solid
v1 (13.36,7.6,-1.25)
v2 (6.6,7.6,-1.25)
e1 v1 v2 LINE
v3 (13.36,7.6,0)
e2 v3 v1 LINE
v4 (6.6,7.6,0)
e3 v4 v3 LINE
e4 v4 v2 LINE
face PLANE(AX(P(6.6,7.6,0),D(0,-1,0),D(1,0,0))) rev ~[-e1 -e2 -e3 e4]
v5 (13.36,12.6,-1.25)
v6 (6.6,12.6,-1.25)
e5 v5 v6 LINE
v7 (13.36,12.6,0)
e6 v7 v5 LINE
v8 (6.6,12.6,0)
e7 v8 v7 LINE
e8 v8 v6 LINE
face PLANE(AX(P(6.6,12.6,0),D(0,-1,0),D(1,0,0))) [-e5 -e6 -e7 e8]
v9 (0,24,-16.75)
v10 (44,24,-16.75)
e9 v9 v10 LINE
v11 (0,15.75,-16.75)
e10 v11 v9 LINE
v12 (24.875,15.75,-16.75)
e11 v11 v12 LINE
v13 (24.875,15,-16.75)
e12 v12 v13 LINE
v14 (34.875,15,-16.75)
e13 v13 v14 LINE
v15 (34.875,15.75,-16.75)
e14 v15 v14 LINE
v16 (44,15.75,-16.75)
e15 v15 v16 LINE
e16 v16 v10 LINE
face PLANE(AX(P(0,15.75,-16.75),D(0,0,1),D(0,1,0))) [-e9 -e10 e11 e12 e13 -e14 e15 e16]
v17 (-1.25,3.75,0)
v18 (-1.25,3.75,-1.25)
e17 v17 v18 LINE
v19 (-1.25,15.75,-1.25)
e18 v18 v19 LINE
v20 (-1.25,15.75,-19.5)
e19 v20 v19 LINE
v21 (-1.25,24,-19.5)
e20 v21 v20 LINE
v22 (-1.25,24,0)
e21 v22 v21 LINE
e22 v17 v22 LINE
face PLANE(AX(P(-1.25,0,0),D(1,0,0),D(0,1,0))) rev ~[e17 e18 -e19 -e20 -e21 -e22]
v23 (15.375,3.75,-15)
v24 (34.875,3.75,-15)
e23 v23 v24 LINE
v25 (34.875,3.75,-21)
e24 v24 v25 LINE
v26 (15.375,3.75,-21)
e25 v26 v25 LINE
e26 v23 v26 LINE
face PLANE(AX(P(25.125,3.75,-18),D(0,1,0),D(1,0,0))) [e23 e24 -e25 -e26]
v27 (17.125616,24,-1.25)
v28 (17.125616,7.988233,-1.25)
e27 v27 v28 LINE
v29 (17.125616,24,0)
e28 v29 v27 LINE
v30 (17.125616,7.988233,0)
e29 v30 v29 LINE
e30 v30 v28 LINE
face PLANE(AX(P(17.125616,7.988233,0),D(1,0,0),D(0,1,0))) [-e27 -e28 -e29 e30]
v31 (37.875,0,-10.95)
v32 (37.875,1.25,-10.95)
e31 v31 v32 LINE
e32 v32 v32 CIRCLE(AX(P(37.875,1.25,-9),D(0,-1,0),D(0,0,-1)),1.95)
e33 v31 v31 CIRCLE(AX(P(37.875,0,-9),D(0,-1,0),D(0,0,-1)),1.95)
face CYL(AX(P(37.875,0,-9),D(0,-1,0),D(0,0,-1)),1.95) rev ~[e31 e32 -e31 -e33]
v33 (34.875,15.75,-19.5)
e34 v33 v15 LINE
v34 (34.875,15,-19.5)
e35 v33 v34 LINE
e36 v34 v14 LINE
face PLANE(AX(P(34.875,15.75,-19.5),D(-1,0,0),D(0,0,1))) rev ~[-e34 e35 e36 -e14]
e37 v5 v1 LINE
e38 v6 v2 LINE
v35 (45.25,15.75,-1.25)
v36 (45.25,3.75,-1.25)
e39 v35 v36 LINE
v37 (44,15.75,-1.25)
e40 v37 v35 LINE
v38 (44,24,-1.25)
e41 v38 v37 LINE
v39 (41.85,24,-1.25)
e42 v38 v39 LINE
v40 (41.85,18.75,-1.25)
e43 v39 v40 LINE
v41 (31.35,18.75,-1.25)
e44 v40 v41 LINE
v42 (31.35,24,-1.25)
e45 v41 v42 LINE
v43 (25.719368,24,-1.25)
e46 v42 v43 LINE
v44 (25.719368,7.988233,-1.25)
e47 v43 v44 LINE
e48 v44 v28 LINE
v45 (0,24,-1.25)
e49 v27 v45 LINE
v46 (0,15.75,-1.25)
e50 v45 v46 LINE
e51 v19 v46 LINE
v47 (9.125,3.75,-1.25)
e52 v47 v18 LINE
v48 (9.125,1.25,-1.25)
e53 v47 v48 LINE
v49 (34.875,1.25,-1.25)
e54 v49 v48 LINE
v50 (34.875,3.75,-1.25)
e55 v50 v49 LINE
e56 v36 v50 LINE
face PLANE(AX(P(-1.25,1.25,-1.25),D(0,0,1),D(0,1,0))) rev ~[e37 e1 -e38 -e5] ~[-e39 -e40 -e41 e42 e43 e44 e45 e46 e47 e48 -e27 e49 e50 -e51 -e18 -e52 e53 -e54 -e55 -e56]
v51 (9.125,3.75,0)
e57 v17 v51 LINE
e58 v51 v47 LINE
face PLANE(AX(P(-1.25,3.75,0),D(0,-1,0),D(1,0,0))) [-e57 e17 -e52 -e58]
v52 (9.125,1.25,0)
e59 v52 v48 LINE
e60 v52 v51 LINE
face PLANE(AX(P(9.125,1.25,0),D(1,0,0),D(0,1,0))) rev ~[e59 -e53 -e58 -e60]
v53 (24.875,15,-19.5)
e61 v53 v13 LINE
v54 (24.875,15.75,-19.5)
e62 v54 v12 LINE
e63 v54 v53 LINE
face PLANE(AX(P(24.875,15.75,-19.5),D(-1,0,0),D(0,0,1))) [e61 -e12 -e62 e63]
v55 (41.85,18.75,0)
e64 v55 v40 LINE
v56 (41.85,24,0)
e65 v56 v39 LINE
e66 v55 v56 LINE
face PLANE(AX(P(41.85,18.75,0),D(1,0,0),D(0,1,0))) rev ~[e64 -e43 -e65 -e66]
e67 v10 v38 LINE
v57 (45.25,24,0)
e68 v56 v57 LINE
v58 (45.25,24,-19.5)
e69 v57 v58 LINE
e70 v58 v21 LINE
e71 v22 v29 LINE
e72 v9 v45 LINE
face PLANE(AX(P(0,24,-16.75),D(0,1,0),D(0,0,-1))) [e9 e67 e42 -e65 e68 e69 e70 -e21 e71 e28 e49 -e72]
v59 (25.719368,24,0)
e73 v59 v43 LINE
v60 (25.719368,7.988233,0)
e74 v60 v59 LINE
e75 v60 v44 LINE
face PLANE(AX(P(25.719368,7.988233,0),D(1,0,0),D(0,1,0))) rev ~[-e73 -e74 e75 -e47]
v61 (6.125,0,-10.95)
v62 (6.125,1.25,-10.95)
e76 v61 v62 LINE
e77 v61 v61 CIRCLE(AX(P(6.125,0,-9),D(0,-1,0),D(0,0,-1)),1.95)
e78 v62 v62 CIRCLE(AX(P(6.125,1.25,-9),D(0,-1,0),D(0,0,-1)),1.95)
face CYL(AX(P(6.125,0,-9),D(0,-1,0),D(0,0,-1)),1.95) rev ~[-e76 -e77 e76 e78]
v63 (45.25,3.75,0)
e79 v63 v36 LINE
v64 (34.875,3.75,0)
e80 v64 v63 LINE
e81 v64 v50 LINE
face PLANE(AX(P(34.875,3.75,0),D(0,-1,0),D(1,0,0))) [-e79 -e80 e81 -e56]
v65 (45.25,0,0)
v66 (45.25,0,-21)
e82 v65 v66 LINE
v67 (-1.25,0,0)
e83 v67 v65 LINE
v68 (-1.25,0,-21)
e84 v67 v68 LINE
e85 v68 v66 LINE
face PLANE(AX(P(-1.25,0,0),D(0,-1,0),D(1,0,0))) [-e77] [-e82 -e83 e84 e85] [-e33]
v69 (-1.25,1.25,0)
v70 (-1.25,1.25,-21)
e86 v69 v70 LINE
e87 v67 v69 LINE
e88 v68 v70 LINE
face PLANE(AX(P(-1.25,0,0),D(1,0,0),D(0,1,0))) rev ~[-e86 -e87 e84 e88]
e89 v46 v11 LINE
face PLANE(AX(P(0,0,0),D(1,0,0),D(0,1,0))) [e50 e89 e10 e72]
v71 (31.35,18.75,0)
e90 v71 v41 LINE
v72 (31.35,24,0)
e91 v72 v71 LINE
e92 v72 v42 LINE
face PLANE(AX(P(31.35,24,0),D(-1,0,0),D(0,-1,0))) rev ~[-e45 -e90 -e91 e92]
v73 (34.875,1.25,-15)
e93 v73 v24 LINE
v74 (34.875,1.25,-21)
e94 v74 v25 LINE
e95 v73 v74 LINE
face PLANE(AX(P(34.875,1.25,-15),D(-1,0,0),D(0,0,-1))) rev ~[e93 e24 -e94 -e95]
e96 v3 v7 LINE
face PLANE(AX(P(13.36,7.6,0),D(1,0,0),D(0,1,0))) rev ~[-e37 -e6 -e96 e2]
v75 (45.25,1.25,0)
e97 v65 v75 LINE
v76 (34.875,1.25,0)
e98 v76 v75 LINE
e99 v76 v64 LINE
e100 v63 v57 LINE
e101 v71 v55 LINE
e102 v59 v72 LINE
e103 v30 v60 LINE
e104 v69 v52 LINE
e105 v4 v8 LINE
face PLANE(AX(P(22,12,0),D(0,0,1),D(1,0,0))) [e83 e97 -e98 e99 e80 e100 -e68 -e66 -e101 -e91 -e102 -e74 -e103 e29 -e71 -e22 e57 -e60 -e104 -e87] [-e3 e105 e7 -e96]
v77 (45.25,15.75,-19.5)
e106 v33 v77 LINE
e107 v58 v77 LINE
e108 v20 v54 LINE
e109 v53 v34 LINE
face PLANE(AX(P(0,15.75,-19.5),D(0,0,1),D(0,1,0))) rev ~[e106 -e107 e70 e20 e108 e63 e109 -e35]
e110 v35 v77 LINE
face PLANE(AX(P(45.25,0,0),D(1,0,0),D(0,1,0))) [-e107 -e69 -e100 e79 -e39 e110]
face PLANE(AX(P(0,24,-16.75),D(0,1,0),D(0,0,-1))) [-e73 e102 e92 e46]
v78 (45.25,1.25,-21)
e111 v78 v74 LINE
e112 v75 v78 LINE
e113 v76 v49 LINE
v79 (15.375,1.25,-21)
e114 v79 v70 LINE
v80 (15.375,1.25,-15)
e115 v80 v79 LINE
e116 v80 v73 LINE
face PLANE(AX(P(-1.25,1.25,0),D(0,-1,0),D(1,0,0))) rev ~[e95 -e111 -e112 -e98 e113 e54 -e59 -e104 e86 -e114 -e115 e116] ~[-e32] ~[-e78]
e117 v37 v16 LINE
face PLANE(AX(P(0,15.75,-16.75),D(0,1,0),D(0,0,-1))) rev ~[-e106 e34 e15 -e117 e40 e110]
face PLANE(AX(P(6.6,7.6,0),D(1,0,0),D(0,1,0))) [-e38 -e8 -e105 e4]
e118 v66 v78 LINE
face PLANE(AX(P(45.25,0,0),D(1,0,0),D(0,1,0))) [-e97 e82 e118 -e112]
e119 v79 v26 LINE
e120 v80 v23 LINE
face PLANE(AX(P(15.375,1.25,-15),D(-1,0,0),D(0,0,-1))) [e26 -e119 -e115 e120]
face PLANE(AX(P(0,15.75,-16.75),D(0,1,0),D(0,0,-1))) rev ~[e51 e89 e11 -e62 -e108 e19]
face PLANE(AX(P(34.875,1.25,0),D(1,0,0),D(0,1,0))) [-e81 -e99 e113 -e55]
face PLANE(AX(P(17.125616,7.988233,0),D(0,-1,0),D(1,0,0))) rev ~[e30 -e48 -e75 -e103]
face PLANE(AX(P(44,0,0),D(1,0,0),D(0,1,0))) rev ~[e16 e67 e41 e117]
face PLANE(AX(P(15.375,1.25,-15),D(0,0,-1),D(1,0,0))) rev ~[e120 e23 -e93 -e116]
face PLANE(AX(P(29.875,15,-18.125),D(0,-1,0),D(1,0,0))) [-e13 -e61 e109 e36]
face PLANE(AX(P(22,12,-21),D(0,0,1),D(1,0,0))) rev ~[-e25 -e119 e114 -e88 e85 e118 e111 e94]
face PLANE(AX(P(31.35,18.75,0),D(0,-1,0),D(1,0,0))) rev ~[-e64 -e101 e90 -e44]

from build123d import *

# Parameters (mm, degrees)
SKETCH1_W               = 46.5
SKETCH1_H               = 24
BOSS_EXTRUDE1_DEPTH     = 21
SHELL1_T                = -1.25
SKETCH2_W               = 19.75
SKETCH2_H               = 14.5
CUT_EXTRUDE1_DEPTH      = 57.384838388
CUT_EXTRUDE4_REACH      = 57.358
SKETCH6_R               = 1.95
CUT_EXTRUDE5_REACH      = 57.358
SKETCH7_W               = 10.375
SKETCH7_H               = 2.5
SKETCH9_W               = 19.5
SKETCH9_H               = 6
BOSS_EXTRUDE3_DEPTH     = 2.5
CUT_EXTRUDE7_DEPTH      = 102.634838388
CUT_EXTRUDE7_DEPTH_BACK = 57.384838388
CUT_EXTRUDE7_START      = -45.25
SKETCH12_W              = 1.5
SKETCH12_H              = 8.25
SKETCH13_W              = 2.75
SKETCH13_H              = 8.25
BOSS_EXTRUDE4_DEPTH     = 44
SKETCH15_W              = 10
SKETCH15_H              = 2.75
BOSS_EXTRUDE5_DEPTH     = 0.75
CUT_EXTRUDE8_REACH      = 57.358
SKETCH18_W              = 6.76
SKETCH18_H              = 5
CUT_EXTRUDE9_REACH      = 57.358
SKETCH22_W              = 8.593751287
SKETCH22_H              = 16.011767213
CUT_EXTRUDE15_REACH     = 57.358
SKETCH25_W              = 10
SKETCH25_H              = 4.5


with BuildPart() as part:
    # Sketch1 → Boss-Extrude1 (new body)
    with BuildSketch(Plane.XY):
        with Locations((22, 12)):
            Rectangle(SKETCH1_W, SKETCH1_H)
    extrude(amount=-BOSS_EXTRUDE1_DEPTH)

    # Shell1
    shell1_openings = [part.faces().sort_by_distance(p)[0] for p in [
        (22, 12, -21),
        (22, 24, -10.5),
    ]]
    offset(amount=SHELL1_T, openings=shell1_openings, kind=Kind.INTERSECTION)

    # Sketch2 → Cut-Extrude1 (cut, through all)
    with BuildSketch(Plane.ZY.offset(1.25)):
        with Locations((-11.125, 8.5)):
            Rectangle(SKETCH2_W, SKETCH2_H)
    extrude(amount=-CUT_EXTRUDE1_DEPTH, mode=Mode.SUBTRACT)

    # Sketch6 → Cut-Extrude4 (cut, up to next)
    with BuildSketch(Plane(origin=(0, 0, 0), x_dir=(-1, 0, 0), z_dir=(0, -1, 0)), mode=Mode.PRIVATE) as cut_extrude4_sk1:
        with Locations(Location((-6.125, 9, 0), (0, 0, 90))):
            Circle(SKETCH6_R)
    cut_extrude4_tool1 = extrude(cut_extrude4_sk1.sketch, amount=-CUT_EXTRUDE4_REACH, mode=Mode.PRIVATE) & part.part
    # Sketch6 → Cut-Extrude4 (cut, up to next)
    with BuildSketch(Plane(origin=(0, 0, 0), x_dir=(-1, 0, 0), z_dir=(0, -1, 0)), mode=Mode.PRIVATE) as cut_extrude4_sk2:
        with Locations(Location((-37.875, 9, 0), (0, 0, 90))):
            Circle(SKETCH6_R)
    cut_extrude4_tool2 = extrude(cut_extrude4_sk2.sketch, amount=-CUT_EXTRUDE4_REACH, mode=Mode.PRIVATE) & part.part
    add(cut_extrude4_tool1.solids().sort_by_distance((6.125, 0, -9))[0], mode=Mode.SUBTRACT)
    add(cut_extrude4_tool2.solids().sort_by_distance((37.875, 0, -9))[0], mode=Mode.SUBTRACT)

    # Sketch7 → Cut-Extrude5 (cut, up to next)
    with BuildSketch(Plane.XY, mode=Mode.PRIVATE) as cut_extrude5_sk1:
        with Locations((40.0625, 2.5)):
            Rectangle(SKETCH7_W, SKETCH7_H)
    cut_extrude5_tool1 = extrude(cut_extrude5_sk1.sketch, amount=-CUT_EXTRUDE5_REACH, mode=Mode.PRIVATE) & part.part
    # Sketch7 → Cut-Extrude5 (cut, up to next)
    with BuildSketch(Plane.XY, mode=Mode.PRIVATE) as cut_extrude5_sk2:
        with Locations((3.9375, 2.5)):
            Rectangle(SKETCH7_W, SKETCH7_H)
    cut_extrude5_tool2 = extrude(cut_extrude5_sk2.sketch, amount=-CUT_EXTRUDE5_REACH, mode=Mode.PRIVATE) & part.part
    add(cut_extrude5_tool1.solids().sort_by_distance((40.0625, 2.5, 0))[0], mode=Mode.SUBTRACT)
    add(cut_extrude5_tool2.solids().sort_by_distance((3.9375, 2.5, 0))[0], mode=Mode.SUBTRACT)

    # Sketch9 → Boss-Extrude3 (add)
    with BuildSketch(Plane(origin=(0, 1.25, 0), x_dir=(1, 0, 0), z_dir=(0, 1, 0))):
        with Locations((25.125, 18)):
            Rectangle(SKETCH9_W, SKETCH9_H)
    extrude(amount=BOSS_EXTRUDE3_DEPTH)

    # Sketch12 → Cut-Extrude7 (cut, two sides: drawn at the far end of the back side and taken through both)
    with BuildSketch(Plane(origin=(45.25, 0, 0), x_dir=(0, 0, -1), z_dir=(1, 0, 0)).offset(CUT_EXTRUDE7_START - CUT_EXTRUDE7_DEPTH_BACK)):
        with Locations((20.25, 19.875)):
            Rectangle(SKETCH12_W, SKETCH12_H)
    extrude(amount=CUT_EXTRUDE7_DEPTH + CUT_EXTRUDE7_DEPTH_BACK, mode=Mode.SUBTRACT)

    # Sketch13 → Boss-Extrude4 (add)
    with BuildSketch(Plane(origin=(0, 0, 0), x_dir=(0, 0, -1), z_dir=(1, 0, 0))):
        with Locations((18.125, 19.875)):
            Rectangle(SKETCH13_W, SKETCH13_H)
    extrude(amount=BOSS_EXTRUDE4_DEPTH)

    # Sketch15 → Boss-Extrude5 (add)
    with BuildSketch(Plane.XZ.offset(-15.75)):
        with Locations((29.875, -18.125)):
            Rectangle(SKETCH15_W, SKETCH15_H)
    extrude(amount=BOSS_EXTRUDE5_DEPTH)

    # Sketch18 → Cut-Extrude8 (cut, up to next)
    with BuildSketch(Plane.XY, mode=Mode.PRIVATE) as cut_extrude8_sk1:
        with Locations((9.98, 10.1)):
            Rectangle(SKETCH18_W, SKETCH18_H)
    cut_extrude8_tool1 = extrude(cut_extrude8_sk1.sketch, amount=-CUT_EXTRUDE8_REACH, mode=Mode.PRIVATE) & part.part
    add(cut_extrude8_tool1.solids().sort_by_distance((9.98, 10.1, 0))[0], mode=Mode.SUBTRACT)

    # Sketch22 → Cut-Extrude9 (cut, up to next)
    with BuildSketch(Plane.XY, mode=Mode.PRIVATE) as cut_extrude9_sk1:
        with Locations((21.422492142, 15.994116394)):
            Rectangle(SKETCH22_W, SKETCH22_H)
    cut_extrude9_tool1 = extrude(cut_extrude9_sk1.sketch, amount=-CUT_EXTRUDE9_REACH, mode=Mode.PRIVATE) & part.part
    add(cut_extrude9_tool1.solids().sort_by_distance((21.422492, 15.994116, 0))[0], mode=Mode.SUBTRACT)

    # Sketch25 → Cut-Extrude15 (cut, up to next)
    with BuildSketch(Plane.XY, mode=Mode.PRIVATE) as cut_extrude15_sk1:
        Polygon((31.35, 18.75), (41.85, 18.75), (41.85, 24), (41.6, 24), (41.6, 19.5), (31.6, 19.5), (31.6, 24), (31.35, 24), align=None)
    cut_extrude15_tool1 = extrude(cut_extrude15_sk1.sketch, amount=-CUT_EXTRUDE15_REACH, mode=Mode.PRIVATE) & part.part
    # Sketch25 → Cut-Extrude15 (cut, up to next)
    with BuildSketch(Plane.XY, mode=Mode.PRIVATE) as cut_extrude15_sk2:
        with Locations((36.6, 21.75)):
            Rectangle(SKETCH25_W, SKETCH25_H)
    cut_extrude15_tool2 = extrude(cut_extrude15_sk2.sketch, amount=-CUT_EXTRUDE15_REACH, mode=Mode.PRIVATE) & part.part
    add(cut_extrude15_tool1.solids().sort_by_distance((31.475, 23.882606, 0))[0], mode=Mode.SUBTRACT)
    add(cut_extrude15_tool2.solids().sort_by_distance((36.6, 21.75, 0))[0], mode=Mode.SUBTRACT)


solid = part.part
